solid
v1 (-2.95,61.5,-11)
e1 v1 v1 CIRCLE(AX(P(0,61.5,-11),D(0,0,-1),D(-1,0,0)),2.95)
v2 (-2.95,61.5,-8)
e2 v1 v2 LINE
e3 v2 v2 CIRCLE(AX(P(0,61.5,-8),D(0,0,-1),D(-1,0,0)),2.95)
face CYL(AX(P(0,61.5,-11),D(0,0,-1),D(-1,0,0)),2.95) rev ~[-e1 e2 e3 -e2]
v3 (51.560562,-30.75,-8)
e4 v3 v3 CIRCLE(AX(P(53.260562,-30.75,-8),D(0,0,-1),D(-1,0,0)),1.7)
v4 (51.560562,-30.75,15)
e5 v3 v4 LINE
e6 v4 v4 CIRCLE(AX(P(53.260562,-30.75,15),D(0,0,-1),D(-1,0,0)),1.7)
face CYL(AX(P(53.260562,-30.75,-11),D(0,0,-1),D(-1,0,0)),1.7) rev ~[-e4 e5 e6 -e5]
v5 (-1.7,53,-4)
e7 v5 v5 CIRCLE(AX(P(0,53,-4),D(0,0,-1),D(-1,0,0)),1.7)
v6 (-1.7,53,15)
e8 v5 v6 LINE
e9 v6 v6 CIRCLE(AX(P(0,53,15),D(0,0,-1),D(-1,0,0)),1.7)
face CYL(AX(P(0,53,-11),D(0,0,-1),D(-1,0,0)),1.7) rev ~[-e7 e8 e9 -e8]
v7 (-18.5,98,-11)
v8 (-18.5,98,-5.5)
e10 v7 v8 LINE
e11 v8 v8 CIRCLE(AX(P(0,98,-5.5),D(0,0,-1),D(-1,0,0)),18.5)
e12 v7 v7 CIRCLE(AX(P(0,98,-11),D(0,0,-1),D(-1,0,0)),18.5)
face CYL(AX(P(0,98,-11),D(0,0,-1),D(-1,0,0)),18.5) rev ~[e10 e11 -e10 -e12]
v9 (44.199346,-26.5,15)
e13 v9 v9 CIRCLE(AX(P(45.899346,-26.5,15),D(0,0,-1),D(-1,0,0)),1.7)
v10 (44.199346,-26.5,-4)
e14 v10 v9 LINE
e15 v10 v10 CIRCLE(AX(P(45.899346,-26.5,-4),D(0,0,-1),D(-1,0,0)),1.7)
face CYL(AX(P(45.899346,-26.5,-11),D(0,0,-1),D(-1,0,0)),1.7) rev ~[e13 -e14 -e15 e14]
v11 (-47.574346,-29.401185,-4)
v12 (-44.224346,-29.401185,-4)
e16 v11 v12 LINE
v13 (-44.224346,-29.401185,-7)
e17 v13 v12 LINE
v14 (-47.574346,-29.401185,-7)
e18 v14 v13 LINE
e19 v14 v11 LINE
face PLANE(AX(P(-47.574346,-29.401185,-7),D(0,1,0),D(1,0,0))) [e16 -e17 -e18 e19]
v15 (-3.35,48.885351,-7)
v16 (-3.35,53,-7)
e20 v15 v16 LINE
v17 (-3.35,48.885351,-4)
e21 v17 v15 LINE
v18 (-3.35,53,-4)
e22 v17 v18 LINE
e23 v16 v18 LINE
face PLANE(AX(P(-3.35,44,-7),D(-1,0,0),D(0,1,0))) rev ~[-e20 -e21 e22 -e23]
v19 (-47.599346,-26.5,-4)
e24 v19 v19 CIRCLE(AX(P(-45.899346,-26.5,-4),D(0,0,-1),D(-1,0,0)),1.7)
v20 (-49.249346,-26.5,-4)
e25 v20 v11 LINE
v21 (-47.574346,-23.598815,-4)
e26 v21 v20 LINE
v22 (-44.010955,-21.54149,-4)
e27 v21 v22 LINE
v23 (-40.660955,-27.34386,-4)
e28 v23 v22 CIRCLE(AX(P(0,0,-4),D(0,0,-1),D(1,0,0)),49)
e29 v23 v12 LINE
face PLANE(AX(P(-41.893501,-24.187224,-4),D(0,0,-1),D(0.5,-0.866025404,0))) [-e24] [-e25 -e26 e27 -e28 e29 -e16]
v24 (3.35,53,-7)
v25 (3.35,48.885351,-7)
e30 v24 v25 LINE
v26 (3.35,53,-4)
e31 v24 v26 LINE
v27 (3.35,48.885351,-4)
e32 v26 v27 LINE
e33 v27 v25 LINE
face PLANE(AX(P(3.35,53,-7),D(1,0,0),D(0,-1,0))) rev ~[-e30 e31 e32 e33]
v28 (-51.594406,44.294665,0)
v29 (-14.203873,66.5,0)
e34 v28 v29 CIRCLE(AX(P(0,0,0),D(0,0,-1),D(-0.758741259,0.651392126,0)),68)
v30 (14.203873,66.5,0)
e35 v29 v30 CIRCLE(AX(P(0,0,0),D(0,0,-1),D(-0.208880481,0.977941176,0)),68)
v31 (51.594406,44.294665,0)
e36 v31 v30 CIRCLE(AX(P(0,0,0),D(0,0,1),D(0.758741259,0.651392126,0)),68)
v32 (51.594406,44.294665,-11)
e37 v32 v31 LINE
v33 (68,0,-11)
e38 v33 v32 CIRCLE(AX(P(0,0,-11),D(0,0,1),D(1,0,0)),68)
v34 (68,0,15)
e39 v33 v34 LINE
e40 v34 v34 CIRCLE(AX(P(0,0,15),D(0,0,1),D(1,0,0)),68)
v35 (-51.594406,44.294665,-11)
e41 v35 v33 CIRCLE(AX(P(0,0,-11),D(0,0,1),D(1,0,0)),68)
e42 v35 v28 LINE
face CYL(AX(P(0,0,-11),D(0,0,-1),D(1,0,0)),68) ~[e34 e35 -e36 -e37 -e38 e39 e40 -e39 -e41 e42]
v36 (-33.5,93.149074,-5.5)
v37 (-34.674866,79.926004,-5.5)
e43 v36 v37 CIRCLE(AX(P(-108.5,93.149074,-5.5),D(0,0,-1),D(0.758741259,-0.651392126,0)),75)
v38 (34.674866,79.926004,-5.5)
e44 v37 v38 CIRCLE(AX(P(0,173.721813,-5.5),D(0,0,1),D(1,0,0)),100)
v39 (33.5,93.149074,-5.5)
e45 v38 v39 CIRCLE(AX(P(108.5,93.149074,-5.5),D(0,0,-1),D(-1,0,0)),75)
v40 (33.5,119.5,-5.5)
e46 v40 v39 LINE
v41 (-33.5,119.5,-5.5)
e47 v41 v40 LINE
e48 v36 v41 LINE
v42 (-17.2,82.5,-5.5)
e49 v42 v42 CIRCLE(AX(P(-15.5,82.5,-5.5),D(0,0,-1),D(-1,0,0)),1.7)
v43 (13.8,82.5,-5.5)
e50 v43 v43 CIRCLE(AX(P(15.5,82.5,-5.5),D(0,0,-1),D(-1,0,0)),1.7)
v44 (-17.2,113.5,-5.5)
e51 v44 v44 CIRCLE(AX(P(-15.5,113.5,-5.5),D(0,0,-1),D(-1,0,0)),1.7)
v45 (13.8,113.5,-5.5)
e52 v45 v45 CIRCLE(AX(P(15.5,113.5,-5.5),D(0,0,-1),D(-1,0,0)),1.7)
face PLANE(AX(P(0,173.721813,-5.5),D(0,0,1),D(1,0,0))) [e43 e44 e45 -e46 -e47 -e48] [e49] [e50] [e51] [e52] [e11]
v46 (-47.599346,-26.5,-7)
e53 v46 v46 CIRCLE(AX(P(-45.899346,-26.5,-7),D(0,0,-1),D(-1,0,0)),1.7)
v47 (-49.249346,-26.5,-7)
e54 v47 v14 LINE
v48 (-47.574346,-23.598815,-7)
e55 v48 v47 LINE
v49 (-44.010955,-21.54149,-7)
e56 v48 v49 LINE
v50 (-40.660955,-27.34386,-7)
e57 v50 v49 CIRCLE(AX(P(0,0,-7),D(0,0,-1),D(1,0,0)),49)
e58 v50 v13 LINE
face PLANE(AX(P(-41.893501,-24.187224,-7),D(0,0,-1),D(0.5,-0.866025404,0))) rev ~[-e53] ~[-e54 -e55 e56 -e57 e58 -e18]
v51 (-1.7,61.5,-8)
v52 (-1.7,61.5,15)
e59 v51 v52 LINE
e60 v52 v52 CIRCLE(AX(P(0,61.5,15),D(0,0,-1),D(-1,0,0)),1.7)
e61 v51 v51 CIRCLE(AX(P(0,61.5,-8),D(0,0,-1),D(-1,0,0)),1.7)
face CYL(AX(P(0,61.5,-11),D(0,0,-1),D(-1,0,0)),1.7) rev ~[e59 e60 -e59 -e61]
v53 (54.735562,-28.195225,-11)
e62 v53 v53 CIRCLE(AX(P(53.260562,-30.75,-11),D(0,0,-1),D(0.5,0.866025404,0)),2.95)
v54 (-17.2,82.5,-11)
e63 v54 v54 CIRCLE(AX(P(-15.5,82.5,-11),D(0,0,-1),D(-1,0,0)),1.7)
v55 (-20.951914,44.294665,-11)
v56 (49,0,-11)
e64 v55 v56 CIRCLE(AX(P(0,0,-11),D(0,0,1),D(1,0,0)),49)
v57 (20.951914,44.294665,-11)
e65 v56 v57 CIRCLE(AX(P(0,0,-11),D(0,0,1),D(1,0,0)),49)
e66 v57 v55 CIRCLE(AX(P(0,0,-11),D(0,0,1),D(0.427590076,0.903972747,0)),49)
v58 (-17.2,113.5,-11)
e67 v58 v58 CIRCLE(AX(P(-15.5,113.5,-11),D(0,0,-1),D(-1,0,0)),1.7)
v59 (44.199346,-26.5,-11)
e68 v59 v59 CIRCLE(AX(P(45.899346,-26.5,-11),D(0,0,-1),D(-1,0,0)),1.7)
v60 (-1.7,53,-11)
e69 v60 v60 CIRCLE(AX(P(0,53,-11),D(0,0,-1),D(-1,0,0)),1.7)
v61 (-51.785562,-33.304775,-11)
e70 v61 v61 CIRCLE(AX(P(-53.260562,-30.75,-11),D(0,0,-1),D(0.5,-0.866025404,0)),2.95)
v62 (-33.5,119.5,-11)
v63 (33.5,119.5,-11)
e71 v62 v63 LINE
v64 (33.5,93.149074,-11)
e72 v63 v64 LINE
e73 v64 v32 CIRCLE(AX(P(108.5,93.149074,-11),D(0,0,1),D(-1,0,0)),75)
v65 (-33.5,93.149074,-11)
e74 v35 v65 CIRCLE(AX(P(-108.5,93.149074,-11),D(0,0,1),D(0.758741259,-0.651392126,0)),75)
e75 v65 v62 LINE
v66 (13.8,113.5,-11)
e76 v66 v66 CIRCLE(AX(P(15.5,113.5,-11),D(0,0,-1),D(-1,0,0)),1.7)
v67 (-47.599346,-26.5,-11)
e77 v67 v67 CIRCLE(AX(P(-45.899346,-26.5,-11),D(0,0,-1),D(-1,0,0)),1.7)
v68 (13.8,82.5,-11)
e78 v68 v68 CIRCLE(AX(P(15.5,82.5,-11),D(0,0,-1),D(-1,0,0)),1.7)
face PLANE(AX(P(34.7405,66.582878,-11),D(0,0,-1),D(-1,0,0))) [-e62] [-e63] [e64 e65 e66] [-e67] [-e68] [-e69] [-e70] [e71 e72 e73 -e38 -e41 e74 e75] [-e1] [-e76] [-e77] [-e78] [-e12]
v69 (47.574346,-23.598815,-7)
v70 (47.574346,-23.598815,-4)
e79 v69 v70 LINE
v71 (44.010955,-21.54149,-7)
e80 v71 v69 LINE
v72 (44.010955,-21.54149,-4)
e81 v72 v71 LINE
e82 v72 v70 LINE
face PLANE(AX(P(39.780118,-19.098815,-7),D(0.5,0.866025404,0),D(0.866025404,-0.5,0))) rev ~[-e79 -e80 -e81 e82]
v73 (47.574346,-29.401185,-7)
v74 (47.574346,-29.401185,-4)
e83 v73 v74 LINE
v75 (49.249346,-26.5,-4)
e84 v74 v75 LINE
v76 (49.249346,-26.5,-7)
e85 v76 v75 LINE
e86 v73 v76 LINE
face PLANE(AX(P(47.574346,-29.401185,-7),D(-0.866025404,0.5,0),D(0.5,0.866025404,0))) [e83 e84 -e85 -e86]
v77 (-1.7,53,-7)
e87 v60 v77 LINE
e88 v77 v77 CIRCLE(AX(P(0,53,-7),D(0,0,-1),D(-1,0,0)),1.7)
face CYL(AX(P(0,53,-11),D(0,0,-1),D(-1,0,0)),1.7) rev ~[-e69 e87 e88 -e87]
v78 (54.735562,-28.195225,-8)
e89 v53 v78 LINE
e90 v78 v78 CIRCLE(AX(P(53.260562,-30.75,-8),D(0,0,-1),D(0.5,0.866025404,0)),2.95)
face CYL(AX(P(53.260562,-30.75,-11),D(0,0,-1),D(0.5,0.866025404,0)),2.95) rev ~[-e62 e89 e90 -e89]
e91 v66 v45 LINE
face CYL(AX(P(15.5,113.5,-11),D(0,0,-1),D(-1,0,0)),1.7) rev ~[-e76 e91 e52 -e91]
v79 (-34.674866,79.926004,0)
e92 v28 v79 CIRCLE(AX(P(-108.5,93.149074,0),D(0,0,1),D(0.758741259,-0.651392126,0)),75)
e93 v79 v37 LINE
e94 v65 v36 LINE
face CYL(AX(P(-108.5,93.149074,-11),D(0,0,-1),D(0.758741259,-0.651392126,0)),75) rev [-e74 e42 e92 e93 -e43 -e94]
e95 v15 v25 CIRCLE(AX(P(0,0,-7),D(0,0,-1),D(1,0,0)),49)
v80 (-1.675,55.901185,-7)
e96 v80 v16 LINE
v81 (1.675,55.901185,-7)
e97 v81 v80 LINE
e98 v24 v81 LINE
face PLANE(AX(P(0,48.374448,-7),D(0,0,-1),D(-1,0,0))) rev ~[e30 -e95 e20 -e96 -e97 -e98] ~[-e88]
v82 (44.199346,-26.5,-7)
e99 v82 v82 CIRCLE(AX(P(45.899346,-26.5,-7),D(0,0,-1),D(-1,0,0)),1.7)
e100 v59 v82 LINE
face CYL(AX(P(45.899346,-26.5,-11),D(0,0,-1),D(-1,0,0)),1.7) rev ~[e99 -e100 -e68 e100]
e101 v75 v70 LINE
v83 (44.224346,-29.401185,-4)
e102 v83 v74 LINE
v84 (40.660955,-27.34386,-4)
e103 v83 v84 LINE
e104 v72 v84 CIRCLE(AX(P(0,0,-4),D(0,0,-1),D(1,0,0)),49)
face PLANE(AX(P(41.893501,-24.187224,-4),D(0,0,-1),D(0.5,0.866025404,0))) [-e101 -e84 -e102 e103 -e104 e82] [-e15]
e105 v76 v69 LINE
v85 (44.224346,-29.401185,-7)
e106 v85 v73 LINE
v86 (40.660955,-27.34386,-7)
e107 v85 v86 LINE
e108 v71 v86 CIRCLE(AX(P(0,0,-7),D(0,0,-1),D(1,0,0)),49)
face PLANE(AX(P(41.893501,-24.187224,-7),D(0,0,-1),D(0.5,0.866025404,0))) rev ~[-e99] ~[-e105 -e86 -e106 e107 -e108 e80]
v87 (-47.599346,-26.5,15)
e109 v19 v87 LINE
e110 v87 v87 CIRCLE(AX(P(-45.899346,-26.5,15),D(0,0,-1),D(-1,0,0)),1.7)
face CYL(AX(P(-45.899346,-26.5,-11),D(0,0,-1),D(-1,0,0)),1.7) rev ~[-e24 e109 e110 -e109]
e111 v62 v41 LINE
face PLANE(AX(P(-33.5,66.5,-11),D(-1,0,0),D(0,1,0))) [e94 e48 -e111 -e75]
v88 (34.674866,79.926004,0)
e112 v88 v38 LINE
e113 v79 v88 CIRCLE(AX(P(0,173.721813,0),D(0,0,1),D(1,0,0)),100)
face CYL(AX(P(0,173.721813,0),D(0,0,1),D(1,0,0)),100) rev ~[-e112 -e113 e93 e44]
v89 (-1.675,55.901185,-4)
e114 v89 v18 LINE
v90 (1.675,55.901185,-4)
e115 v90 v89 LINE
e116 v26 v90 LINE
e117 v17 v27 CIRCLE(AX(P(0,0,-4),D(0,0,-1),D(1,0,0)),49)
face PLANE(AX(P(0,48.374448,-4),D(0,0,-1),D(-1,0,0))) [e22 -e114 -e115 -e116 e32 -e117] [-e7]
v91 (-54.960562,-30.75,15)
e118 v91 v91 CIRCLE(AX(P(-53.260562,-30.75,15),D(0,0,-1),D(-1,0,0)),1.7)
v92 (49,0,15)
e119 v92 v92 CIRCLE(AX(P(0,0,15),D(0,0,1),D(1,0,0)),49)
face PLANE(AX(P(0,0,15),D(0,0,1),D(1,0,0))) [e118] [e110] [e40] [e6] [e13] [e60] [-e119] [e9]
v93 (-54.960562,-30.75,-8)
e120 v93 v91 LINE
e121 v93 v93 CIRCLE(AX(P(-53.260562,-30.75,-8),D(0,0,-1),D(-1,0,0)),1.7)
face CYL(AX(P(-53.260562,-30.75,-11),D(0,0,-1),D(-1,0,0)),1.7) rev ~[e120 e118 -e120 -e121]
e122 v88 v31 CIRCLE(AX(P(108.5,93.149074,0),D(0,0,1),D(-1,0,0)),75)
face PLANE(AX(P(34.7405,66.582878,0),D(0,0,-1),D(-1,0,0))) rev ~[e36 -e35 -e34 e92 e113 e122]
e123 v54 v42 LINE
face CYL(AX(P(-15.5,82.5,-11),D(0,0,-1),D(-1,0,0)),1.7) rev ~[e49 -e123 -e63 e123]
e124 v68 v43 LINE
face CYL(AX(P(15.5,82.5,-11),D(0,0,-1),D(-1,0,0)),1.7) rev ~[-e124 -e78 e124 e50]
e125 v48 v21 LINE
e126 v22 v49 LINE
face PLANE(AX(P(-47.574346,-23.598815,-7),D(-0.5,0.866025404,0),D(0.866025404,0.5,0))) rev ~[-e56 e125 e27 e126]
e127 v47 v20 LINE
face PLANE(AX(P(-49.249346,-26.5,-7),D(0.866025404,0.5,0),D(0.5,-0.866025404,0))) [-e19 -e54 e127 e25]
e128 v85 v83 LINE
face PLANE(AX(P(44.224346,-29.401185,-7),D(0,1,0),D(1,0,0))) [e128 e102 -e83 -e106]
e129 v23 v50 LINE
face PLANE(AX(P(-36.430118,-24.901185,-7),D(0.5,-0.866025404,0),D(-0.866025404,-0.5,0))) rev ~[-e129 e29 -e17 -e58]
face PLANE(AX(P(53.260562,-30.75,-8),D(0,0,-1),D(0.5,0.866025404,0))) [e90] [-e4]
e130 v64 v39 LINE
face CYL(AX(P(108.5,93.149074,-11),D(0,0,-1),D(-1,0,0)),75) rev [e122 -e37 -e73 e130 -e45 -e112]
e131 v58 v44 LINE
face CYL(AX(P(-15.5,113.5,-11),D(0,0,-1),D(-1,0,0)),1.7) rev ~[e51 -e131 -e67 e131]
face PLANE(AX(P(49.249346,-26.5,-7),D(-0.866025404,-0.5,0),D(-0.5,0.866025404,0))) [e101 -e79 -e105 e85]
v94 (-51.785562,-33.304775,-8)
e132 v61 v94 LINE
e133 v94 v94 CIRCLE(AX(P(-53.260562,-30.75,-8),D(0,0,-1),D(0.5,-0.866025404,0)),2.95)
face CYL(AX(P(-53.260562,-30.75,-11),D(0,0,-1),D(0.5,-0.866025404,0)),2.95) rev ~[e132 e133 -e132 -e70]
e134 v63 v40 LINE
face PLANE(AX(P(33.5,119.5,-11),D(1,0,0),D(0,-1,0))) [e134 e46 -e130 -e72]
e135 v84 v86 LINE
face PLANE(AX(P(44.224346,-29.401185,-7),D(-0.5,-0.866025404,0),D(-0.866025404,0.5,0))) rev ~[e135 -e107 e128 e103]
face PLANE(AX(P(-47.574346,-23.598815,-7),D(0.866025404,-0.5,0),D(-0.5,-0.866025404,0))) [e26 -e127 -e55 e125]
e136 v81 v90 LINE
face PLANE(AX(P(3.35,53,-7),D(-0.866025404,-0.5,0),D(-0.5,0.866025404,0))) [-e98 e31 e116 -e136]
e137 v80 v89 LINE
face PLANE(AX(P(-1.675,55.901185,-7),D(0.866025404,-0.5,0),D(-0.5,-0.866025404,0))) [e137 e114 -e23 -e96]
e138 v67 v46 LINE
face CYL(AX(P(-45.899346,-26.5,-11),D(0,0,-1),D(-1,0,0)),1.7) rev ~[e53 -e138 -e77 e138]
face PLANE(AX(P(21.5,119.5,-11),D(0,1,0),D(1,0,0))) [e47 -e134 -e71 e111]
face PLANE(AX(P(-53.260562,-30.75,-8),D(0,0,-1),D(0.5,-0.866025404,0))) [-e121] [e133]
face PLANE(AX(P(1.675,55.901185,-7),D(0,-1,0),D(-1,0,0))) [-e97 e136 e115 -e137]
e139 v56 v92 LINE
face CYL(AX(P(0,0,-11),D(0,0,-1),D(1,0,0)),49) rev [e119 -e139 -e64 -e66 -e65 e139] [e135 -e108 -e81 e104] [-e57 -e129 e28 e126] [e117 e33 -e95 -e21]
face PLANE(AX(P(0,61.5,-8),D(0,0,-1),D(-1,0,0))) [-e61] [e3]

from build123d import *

# Parameters (mm, degrees)
BOSS_EXTRUDE1_DEPTH      = 15
BOSS_EXTRUDE1_DEPTH_BACK = 11
SKETCH1_R                = 68
SKETCH1_R_2              = 49
SKETCH2_W                = 43
SKETCH2_H                = 43
SKETCH2_R                = 18.5
BOSS_EXTRUDE2_DEPTH      = 11
SKETCH3_R                = 1.7
CUT_EXTRUDE1_DEPTH       = 140.929446508
SKETCH4_R                = 100
CUT_EXTRUDE2_DEPTH       = 5.5
SKETCH5_R                = 1.7
CUT_EXTRUDE3_DEPTH       = 140.929446508
SKETCH6_R                = 2.95
CUT_EXTRUDE4_DEPTH       = 3
CIRPATTERN1_COUNT        = 3
CUT_EXTRUDE5_DEPTH       = 3
CIRPATTERN2_COUNT        = 3


with BuildPart() as part:
    # Sketch1 → Boss-Extrude1 (new, two sides: drawn at the far end of the back side and taken through both)
    with BuildSketch(Plane.XY.offset(-BOSS_EXTRUDE1_DEPTH_BACK)):
        Circle(SKETCH1_R)
        Circle(SKETCH1_R_2, mode=Mode.SUBTRACT)
    extrude(amount=BOSS_EXTRUDE1_DEPTH + BOSS_EXTRUDE1_DEPTH_BACK)

    # Sketch2 → Boss-Extrude2 (add)
    # profile 1 of 6: a face of its own
    with BuildSketch(Plane(origin=(0, 0, -11), x_dir=(-1, 0, 0), z_dir=(0, 0, -1))):
        with BuildLine():
            Line((-33.5, 66.5), (-33.5, 93.149074069))
            ThreePointArc((-33.5, 93.149074069), (-38.168927278, 67.100269686), (-51.594405594, 44.294664592))
            ThreePointArc((-51.594405594, 44.294664592), (-34.722076366, 58.466891596), (-14.203872711, 66.5))
            Line((-14.203872711, 66.5), (-33.5, 66.5))
        make_face()
    # profile 2 of 6: a face of its own
    with BuildSketch(Plane(origin=(0, 0, -11), x_dir=(-1, 0, 0), z_dir=(0, 0, -1))):
        with BuildLine():
            ThreePointArc((-14.203872711, 66.5), (-34.722076366, 58.466891596), (-51.594405594, 44.294664592))
            Line((-51.594405594, 44.294664592), (-20.951913723, 44.294664592))
            ThreePointArc((-20.951913723, 44.294664592), (0, 49), (20.951913723, 44.294664592))
            Line((20.951913723, 44.294664592), (51.594405594, 44.294664592))
            ThreePointArc((51.594405594, 44.294664592), (34.722076366, 58.466891596), (14.203872711, 66.5))
            Line((14.203872711, 66.5), (-14.203872711, 66.5))
        make_face()
    # profile 3 of 6: a face of its own
    with BuildSketch(Plane(origin=(0, 0, -11), x_dir=(-1, 0, 0), z_dir=(0, 0, -1))):
        with BuildLine():
            ThreePointArc((51.594405594, 44.294664592), (38.168927278, 67.100269686), (33.5, 93.149074069))
            Line((33.5, 93.149074069), (33.5, 66.5))
            Line((33.5, 66.5), (14.203872711, 66.5))
            ThreePointArc((14.203872711, 66.5), (34.722076366, 58.466891596), (51.594405594, 44.294664592))
        make_face()
    # profile 4 of 6: a face of its own
    with BuildSketch(Plane(origin=(0, 0, -11), x_dir=(-1, 0, 0), z_dir=(0, 0, -1))):
        with BuildLine():
            ThreePointArc((14.203872711, 66.5), (0, 68), (-14.203872711, 66.5))
            Line((-14.203872711, 66.5), (14.203872711, 66.5))
        make_face()
    # profile 5 of 6: a face of its own
    with BuildSketch(Plane(origin=(0, 0, -11), x_dir=(-1, 0, 0), z_dir=(0, 0, -1))):
        with BuildLine():
            Line((-21.5, 76.5), (-21.5, 119.5))
            Line((-21.5, 119.5), (-33.5, 119.5))
            Line((-33.5, 119.5), (-33.5, 93.149074069))
            Line((-33.5, 93.149074069), (-33.5, 66.5))
            Line((-33.5, 66.5), (-14.203872711, 66.5))
            ThreePointArc((-14.203872711, 66.5), (0, 68), (14.203872711, 66.5))
            Line((14.203872711, 66.5), (33.5, 66.5))
            Line((33.5, 66.5), (33.5, 93.149074069))
            Line((33.5, 93.149074069), (33.5, 119.5))
            Line((33.5, 119.5), (21.5, 119.5))
            Line((21.5, 119.5), (21.5, 76.5))
            Line((21.5, 76.5), (-21.5, 76.5))
        make_face()
    # profile 6 of 6: a face of its own
    with BuildSketch(Plane(origin=(0, 0, -11), x_dir=(-1, 0, 0), z_dir=(0, 0, -1))):
        with Locations((0, 98)):
            Rectangle(SKETCH2_W, SKETCH2_H)
        with Locations((0, 98)):
            Circle(SKETCH2_R, mode=Mode.SUBTRACT)
    extrude(amount=-BOSS_EXTRUDE2_DEPTH)

    # Sketch3 → Cut-Extrude1 (cut, through all)
    with BuildSketch(Plane(origin=(0, 0, -11), x_dir=(-1, 0, 0), z_dir=(0, 0, -1))):
        with Locations((-15.5, 113.5)):
            Circle(SKETCH3_R)
        with Locations((15.5, 113.5)):
            Circle(SKETCH3_R)
        with Locations((15.5, 82.5)):
            Circle(SKETCH3_R)
        with Locations((-15.5, 82.5)):
            Circle(SKETCH3_R)
    extrude(amount=-CUT_EXTRUDE1_DEPTH, mode=Mode.SUBTRACT)

    # Sketch4 → Cut-Extrude2 (cut)
    with BuildSketch(Plane.XY):
        with Locations((0, 173.721812761)):
            Circle(SKETCH4_R)
    extrude(amount=-CUT_EXTRUDE2_DEPTH, mode=Mode.SUBTRACT)

    # Sketch5 → Cut-Extrude3 (cut, through all)
    with BuildSketch(Plane(origin=(0, 0, -11), x_dir=(-1, 0, 0), z_dir=(0, 0, -1))):
        with Locations((0, 61.5)):
            Circle(SKETCH5_R)
        with Locations((53.260562333, -30.75)):
            Circle(SKETCH5_R)
        with Locations((-53.260562333, -30.75)):
            Circle(SKETCH5_R)
        with Locations((0, 53)):
            Circle(SKETCH5_R)
        with Locations((45.899346401, -26.5)):
            Circle(SKETCH5_R)
        with Locations((-45.899346401, -26.5)):
            Circle(SKETCH5_R)
    extrude(amount=-CUT_EXTRUDE3_DEPTH, mode=Mode.SUBTRACT)

    # Sketch6 → Cut-Extrude4 (cut)
    with BuildSketch(Plane(origin=(0, 0, -11), x_dir=(-1, 0, 0), z_dir=(0, 0, -1))):
        with Locations((0, 61.5)):
            Circle(SKETCH6_R)
    cut_extrude4 = extrude(amount=-CUT_EXTRUDE4_DEPTH, mode=Mode.SUBTRACT)

    # CirPattern1: Cut-Extrude4 ×3 about axis
    cirpattern1_axis = Axis((0, 0, 0), (0, 0, 1))
    for i in range(1, CIRPATTERN1_COUNT):
        add(cut_extrude4.rotate(cirpattern1_axis, i * 360 / CIRPATTERN1_COUNT), mode=Mode.SUBTRACT)

    # Sketch7 → Cut-Extrude5 (cut)
    with BuildSketch(Plane(origin=(0, 0, -7), x_dir=(-1, 0, 0), z_dir=(0, 0, -1))):
        Polygon((-3.35, 44), (3.35, 44), (3.35, 53), (1.675, 50.098814897), (-1.675, 50.098814897), (-3.35, 53), align=None)
        Polygon((1.675, 50.098814897), (-1.675, 50.098814897), (-3.35, 53), (-1.675, 55.901185103), (1.675, 55.901185103), (3.35, 53), align=None)
    cut_extrude5 = extrude(amount=-CUT_EXTRUDE5_DEPTH, mode=Mode.SUBTRACT)

    # CirPattern2: Cut-Extrude5 ×3 about axis
    cirpattern2_axis = Axis((0, 0, 0), (0, 0, 1))
    for i in range(1, CIRPATTERN2_COUNT):
        add(cut_extrude5.rotate(cirpattern2_axis, i * 360 / CIRPATTERN2_COUNT), mode=Mode.SUBTRACT)


solid = part.part
